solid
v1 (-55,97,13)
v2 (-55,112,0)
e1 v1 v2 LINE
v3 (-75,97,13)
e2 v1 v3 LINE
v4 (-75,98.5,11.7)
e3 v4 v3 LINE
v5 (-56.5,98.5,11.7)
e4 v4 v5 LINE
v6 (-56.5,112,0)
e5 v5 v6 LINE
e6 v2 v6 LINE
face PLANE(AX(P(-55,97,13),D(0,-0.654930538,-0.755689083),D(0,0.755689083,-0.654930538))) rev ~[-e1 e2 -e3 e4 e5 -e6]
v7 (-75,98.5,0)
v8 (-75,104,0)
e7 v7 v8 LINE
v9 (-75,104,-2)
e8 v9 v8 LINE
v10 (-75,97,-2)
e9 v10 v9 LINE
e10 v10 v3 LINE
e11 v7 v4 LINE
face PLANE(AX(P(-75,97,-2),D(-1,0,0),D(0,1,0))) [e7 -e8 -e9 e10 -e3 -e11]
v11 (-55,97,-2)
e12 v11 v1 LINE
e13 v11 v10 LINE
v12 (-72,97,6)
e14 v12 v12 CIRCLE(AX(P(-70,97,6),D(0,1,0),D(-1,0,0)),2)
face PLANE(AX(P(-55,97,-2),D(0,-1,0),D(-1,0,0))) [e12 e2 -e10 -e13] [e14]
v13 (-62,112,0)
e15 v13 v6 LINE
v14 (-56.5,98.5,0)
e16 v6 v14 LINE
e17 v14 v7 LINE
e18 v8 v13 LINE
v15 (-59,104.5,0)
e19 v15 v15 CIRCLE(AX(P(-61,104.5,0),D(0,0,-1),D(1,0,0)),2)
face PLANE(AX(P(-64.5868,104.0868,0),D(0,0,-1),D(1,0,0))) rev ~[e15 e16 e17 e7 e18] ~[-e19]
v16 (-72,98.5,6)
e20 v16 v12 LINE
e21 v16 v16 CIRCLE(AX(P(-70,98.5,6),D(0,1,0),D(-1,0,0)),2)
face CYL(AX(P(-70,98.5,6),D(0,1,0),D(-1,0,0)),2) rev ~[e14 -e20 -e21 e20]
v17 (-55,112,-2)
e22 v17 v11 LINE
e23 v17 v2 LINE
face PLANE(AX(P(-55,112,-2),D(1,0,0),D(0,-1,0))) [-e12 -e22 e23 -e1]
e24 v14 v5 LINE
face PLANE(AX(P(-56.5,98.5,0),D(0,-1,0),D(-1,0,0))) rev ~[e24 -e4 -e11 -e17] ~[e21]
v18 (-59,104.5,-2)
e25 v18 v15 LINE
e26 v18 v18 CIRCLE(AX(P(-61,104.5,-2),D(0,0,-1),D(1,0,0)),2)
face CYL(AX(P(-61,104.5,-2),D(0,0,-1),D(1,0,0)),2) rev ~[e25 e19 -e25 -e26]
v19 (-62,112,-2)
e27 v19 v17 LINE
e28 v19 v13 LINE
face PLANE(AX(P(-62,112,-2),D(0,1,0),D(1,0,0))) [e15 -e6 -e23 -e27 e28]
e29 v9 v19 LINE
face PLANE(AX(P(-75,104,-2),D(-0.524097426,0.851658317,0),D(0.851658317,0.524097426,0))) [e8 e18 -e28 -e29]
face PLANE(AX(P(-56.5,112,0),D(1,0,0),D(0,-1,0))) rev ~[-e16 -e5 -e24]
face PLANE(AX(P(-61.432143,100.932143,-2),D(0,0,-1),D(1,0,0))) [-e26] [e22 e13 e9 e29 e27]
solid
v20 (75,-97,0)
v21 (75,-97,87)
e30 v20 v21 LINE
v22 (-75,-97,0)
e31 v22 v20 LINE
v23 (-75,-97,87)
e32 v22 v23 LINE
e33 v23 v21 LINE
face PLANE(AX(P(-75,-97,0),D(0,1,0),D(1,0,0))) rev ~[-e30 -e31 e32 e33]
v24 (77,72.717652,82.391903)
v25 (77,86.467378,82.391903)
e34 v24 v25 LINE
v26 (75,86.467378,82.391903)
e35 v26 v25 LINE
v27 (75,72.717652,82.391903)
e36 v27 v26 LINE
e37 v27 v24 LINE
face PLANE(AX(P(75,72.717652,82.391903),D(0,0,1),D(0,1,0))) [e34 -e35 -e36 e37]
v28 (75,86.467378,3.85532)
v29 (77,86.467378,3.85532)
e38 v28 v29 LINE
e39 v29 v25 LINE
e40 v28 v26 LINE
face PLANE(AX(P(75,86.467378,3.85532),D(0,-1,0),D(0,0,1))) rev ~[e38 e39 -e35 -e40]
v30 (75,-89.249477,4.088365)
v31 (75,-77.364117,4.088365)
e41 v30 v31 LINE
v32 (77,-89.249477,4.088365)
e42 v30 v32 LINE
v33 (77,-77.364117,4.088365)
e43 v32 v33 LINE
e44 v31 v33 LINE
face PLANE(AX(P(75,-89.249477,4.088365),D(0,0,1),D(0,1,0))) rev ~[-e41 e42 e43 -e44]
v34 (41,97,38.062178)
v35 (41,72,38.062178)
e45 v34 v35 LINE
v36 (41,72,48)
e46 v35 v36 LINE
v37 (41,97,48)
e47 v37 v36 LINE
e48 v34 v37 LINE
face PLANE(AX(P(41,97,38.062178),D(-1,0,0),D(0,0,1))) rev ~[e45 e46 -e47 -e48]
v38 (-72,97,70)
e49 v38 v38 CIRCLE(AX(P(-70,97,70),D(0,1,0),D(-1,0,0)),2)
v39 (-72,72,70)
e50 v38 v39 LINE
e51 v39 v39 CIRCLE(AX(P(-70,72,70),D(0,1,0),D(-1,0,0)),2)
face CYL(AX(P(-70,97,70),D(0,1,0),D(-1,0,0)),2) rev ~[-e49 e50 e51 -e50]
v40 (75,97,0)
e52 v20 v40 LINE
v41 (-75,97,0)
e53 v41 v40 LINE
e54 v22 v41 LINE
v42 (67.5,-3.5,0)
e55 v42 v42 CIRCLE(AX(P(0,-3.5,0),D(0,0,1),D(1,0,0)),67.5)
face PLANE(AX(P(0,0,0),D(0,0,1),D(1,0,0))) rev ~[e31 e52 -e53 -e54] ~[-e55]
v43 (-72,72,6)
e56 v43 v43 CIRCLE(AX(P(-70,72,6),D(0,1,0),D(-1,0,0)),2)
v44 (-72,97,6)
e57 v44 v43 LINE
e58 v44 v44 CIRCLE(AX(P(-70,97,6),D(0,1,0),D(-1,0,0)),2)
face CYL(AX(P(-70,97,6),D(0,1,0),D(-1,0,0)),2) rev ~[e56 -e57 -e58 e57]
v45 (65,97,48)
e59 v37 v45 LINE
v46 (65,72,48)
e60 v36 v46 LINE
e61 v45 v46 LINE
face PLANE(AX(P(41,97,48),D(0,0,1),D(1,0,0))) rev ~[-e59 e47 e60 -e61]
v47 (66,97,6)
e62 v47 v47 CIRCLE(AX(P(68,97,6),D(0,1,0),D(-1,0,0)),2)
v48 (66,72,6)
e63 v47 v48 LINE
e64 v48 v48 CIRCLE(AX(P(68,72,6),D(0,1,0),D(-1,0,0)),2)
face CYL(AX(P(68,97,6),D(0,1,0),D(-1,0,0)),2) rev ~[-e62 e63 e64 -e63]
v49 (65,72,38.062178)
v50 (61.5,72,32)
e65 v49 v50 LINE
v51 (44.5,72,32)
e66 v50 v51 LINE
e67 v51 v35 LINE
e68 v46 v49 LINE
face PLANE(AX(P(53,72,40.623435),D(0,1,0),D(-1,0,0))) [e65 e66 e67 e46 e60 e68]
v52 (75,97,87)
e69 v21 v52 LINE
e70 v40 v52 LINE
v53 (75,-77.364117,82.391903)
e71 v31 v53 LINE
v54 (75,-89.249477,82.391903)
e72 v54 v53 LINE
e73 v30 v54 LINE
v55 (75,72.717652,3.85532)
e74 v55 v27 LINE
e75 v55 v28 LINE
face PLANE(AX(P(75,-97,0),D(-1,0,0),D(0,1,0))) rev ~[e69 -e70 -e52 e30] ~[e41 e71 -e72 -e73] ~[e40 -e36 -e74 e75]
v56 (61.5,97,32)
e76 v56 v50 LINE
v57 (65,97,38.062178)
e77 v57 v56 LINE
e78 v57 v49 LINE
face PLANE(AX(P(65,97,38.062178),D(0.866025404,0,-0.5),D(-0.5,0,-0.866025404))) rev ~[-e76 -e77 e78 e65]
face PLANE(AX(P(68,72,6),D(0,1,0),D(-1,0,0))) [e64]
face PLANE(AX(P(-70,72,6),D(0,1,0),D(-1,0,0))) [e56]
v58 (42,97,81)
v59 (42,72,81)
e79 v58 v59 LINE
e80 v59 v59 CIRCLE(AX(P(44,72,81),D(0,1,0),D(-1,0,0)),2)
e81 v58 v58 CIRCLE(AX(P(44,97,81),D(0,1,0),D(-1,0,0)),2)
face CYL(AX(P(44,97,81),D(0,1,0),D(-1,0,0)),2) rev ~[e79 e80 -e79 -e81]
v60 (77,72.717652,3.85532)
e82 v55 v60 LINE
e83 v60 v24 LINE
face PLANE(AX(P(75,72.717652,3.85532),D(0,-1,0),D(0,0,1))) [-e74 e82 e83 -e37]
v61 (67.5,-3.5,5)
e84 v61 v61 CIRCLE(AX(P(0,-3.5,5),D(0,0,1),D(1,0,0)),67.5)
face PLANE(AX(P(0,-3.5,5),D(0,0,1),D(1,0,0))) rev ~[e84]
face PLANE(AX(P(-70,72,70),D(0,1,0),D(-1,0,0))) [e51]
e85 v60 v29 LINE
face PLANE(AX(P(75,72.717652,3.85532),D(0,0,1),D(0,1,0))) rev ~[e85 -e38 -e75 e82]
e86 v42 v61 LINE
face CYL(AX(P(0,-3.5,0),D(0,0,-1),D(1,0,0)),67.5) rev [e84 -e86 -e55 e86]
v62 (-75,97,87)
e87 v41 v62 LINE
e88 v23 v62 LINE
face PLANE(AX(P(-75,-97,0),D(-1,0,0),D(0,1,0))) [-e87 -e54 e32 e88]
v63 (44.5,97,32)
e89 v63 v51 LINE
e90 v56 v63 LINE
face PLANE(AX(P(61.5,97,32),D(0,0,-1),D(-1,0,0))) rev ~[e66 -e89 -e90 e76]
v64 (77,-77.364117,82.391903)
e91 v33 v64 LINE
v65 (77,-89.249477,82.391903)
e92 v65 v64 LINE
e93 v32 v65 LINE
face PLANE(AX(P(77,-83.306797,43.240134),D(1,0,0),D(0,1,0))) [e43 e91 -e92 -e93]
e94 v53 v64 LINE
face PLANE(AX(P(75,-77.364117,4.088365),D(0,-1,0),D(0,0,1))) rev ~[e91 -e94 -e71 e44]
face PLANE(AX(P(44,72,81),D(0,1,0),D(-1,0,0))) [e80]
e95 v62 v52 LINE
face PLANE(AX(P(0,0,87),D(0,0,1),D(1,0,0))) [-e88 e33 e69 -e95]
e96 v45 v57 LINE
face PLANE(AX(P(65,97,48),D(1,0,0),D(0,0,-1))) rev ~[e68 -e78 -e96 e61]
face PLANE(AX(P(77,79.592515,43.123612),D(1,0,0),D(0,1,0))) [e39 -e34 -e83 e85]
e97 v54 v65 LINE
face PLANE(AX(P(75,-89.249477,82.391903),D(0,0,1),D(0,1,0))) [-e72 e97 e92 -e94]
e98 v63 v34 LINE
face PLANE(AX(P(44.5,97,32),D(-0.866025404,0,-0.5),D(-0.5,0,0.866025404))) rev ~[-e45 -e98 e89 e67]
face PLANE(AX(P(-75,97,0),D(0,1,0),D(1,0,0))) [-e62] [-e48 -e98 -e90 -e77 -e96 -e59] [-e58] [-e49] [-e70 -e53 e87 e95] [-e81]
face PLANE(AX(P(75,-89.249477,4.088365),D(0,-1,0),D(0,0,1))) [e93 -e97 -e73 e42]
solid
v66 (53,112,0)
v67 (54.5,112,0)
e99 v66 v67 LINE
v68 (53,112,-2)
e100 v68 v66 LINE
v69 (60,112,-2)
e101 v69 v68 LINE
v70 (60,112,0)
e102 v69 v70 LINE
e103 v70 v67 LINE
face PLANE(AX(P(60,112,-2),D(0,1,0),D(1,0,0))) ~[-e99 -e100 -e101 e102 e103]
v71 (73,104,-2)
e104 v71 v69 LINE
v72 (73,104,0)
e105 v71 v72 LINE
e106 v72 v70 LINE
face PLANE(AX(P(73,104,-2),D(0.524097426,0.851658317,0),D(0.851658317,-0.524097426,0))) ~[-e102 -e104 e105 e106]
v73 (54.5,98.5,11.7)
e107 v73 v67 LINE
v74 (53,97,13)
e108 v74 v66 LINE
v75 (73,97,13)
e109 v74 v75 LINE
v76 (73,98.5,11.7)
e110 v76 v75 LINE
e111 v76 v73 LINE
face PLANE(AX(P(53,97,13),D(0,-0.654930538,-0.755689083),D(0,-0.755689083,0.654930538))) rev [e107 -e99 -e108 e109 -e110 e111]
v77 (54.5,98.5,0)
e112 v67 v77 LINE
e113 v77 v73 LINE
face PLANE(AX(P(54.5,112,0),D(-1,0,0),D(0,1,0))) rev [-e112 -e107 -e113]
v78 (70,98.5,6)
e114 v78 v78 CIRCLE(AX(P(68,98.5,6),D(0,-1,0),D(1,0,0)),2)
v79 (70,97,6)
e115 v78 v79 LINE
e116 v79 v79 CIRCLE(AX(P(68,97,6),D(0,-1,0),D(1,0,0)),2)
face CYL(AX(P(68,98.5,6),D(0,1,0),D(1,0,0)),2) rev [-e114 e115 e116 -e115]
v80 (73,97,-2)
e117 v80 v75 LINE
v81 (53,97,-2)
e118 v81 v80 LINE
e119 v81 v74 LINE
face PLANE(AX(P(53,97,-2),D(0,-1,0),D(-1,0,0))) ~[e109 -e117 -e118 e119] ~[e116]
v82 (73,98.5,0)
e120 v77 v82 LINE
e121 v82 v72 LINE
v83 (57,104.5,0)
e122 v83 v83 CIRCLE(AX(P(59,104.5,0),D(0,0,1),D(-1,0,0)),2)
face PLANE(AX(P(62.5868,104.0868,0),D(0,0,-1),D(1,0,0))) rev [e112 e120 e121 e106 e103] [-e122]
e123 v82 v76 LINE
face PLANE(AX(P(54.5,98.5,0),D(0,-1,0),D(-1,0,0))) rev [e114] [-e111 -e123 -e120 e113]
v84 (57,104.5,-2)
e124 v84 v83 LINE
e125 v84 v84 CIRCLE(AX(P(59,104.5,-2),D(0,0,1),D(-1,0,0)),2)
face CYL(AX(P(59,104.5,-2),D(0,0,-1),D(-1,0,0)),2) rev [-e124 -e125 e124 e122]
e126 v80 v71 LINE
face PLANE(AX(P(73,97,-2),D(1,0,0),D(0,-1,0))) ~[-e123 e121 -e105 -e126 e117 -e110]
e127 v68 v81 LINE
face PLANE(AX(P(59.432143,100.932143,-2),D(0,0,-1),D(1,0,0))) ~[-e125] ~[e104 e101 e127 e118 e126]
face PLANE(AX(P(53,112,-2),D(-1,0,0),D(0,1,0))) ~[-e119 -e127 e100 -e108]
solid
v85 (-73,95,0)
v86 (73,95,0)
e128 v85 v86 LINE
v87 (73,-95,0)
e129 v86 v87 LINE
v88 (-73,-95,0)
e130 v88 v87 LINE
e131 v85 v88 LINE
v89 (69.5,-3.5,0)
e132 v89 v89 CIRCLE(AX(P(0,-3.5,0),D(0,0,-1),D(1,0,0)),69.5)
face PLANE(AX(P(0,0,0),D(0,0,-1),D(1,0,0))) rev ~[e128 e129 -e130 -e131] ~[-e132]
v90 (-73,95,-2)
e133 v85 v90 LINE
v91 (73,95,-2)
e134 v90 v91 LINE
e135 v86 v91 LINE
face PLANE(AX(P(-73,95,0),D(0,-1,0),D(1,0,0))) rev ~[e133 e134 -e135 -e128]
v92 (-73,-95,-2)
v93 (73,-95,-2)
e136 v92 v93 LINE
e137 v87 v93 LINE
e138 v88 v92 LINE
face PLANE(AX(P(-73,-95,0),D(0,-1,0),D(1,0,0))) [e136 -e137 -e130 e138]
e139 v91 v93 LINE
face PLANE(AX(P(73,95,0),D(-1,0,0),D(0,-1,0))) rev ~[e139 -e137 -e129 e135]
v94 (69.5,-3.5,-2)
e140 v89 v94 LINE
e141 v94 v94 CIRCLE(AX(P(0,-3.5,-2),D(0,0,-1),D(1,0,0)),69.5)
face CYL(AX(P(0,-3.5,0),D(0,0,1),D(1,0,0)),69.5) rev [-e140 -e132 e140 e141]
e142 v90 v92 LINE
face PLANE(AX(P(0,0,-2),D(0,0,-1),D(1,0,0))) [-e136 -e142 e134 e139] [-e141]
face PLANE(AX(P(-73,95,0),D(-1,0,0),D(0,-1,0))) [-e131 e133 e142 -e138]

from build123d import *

# Parameters (mm, degrees)
F0_W      = 150
F0_H      = 194
F0_R      = 67.5
F1_DEPTH  = 87
F2_DEPTH  = 5
F3_R      = 2
F4_DEPTH  = 25
F5_W      = 146
F5_H      = 190
F5_R      = 69.5
F6_DEPTH  = 2
F8_R      = 2
F9_DEPTH  = 15
F11_START = -2
F11_DEPTH = 87.001
F13_DEPTH = 25
F14_R     = 2
F15_DEPTH = 3
F18_W     = 11.8853598833
F18_H     = 78.3035373315
F18_W_2   = 13.7497261167
F18_H_2   = 78.5365824122
F19_DEPTH = 2


with BuildPart() as f1:
    # F0 (on Top) → F1 (new body)
    with BuildSketch(Plane.XY):
        Rectangle(F0_W, F0_H)
        with Locations((0, -3.5)):
            Circle(F0_R, mode=Mode.SUBTRACT)
        with Locations((0, -3.5)):
            Circle(F0_R)
    extrude(amount=F1_DEPTH)

    # F0 (on Top) → F2 (cut)
    with BuildSketch(Plane.XY):
        with Locations((0, -3.5)):
            Circle(F0_R)
    extrude(amount=F2_DEPTH, mode=Mode.SUBTRACT)

    # F3 (on face) → F4 (cut)
    with BuildSketch(Plane(origin=(0, 97, 0), x_dir=(-1, 0, 0), z_dir=(0, 1, 0))):
        Polygon((-41, 48), (-65, 48), (-65, 38.0621778265), (-61.5, 32), (-44.5, 32), (-41, 38.0621778265), align=None)
        with Locations((-44, 81)):
            Circle(F3_R)
        with Locations((70, 70)):
            Circle(F3_R)
        with Locations((70, 6)):
            Circle(F3_R)
        with Locations((-68, 6)):
            Circle(F3_R)
    extrude(amount=-F4_DEPTH, mode=Mode.SUBTRACT)

    # F18 (on face) → F19 (join)
    with BuildSketch(Plane.YZ.offset(75)):
        with Locations((-83.3067968488, 43.2401341386)):
            Rectangle(F18_W, F18_H)
        with Locations((79.5925147831, 43.1236115983)):
            Rectangle(F18_W_2, F18_H_2)
    extrude(amount=F19_DEPTH)


with BuildPart() as f6:
    # F5 (on face) → F6 (new body)
    with BuildSketch(Plane(origin=(0, 0, 0), x_dir=(1, 0, 0), z_dir=(0, 0, -1))):
        Rectangle(F5_W, F5_H)
        with Locations((0, 3.5)):
            Circle(F5_R, mode=Mode.SUBTRACT)
    extrude(amount=F6_DEPTH)


with BuildPart() as f9:
    # F8 (on offset) → F9 (new body)
    with BuildSketch(Plane(origin=(0, 0, -2), x_dir=(1, 0, 0), z_dir=(0, 0, -1))):
        Polygon((-55, -97), (-75, -97), (-75, -98.5), (-56.5, -98.5), (-56.5, -112), (-55, -112), align=None)
        Polygon((-56.5, -98.5), (-75, -98.5), (-75, -104), (-62, -112), (-56.5, -112), align=None)
        with Locations((-61, -104.5)):
            Circle(F8_R, mode=Mode.SUBTRACT)
    extrude(amount=-F9_DEPTH)

    # F8 (on offset) → F11 (cut)
    with BuildSketch(Plane(origin=(0, 0, -2), x_dir=(1, 0, 0), z_dir=(0, 0, -1)).offset(F11_START)):
        Polygon((-56.5, -98.5), (-75, -98.5), (-75, -104), (-62, -112), (-56.5, -112), align=None)
        with Locations((-61, -104.5)):
            Circle(F8_R, mode=Mode.SUBTRACT)
    extrude(amount=-F11_DEPTH, mode=Mode.SUBTRACT)

    # F12 (on face) → F13 (cut)
    with BuildSketch(Plane.YZ.offset(-55)):
        Polygon((97, 17.1633157879), (97, 13), (112, 0), (116.2648648024, 0), (116.2648648024, 17.1633157879), align=None)
    extrude(amount=-F13_DEPTH, mode=Mode.SUBTRACT)

    # F14 (on face) → F15 (cut)
    with BuildSketch(Plane(origin=(0, 98.5, 0), x_dir=(-1, 0, 0), z_dir=(0, 1, 0))):
        with Locations((70, 6)):
            Circle(F14_R)
    extrude(amount=-F15_DEPTH, mode=Mode.SUBTRACT)


with BuildPart() as f16_1:
    # F16: instance of F9
    add(f9.part.mirror(Plane.YZ))


with BuildPart() as f16_1_1:
    # F17: moved
    add(f16_1.part.moved(Location((-2, 0, 0))))


solid = Compound([f1.part, f6.part, f9.part, f16_1_1.part])
